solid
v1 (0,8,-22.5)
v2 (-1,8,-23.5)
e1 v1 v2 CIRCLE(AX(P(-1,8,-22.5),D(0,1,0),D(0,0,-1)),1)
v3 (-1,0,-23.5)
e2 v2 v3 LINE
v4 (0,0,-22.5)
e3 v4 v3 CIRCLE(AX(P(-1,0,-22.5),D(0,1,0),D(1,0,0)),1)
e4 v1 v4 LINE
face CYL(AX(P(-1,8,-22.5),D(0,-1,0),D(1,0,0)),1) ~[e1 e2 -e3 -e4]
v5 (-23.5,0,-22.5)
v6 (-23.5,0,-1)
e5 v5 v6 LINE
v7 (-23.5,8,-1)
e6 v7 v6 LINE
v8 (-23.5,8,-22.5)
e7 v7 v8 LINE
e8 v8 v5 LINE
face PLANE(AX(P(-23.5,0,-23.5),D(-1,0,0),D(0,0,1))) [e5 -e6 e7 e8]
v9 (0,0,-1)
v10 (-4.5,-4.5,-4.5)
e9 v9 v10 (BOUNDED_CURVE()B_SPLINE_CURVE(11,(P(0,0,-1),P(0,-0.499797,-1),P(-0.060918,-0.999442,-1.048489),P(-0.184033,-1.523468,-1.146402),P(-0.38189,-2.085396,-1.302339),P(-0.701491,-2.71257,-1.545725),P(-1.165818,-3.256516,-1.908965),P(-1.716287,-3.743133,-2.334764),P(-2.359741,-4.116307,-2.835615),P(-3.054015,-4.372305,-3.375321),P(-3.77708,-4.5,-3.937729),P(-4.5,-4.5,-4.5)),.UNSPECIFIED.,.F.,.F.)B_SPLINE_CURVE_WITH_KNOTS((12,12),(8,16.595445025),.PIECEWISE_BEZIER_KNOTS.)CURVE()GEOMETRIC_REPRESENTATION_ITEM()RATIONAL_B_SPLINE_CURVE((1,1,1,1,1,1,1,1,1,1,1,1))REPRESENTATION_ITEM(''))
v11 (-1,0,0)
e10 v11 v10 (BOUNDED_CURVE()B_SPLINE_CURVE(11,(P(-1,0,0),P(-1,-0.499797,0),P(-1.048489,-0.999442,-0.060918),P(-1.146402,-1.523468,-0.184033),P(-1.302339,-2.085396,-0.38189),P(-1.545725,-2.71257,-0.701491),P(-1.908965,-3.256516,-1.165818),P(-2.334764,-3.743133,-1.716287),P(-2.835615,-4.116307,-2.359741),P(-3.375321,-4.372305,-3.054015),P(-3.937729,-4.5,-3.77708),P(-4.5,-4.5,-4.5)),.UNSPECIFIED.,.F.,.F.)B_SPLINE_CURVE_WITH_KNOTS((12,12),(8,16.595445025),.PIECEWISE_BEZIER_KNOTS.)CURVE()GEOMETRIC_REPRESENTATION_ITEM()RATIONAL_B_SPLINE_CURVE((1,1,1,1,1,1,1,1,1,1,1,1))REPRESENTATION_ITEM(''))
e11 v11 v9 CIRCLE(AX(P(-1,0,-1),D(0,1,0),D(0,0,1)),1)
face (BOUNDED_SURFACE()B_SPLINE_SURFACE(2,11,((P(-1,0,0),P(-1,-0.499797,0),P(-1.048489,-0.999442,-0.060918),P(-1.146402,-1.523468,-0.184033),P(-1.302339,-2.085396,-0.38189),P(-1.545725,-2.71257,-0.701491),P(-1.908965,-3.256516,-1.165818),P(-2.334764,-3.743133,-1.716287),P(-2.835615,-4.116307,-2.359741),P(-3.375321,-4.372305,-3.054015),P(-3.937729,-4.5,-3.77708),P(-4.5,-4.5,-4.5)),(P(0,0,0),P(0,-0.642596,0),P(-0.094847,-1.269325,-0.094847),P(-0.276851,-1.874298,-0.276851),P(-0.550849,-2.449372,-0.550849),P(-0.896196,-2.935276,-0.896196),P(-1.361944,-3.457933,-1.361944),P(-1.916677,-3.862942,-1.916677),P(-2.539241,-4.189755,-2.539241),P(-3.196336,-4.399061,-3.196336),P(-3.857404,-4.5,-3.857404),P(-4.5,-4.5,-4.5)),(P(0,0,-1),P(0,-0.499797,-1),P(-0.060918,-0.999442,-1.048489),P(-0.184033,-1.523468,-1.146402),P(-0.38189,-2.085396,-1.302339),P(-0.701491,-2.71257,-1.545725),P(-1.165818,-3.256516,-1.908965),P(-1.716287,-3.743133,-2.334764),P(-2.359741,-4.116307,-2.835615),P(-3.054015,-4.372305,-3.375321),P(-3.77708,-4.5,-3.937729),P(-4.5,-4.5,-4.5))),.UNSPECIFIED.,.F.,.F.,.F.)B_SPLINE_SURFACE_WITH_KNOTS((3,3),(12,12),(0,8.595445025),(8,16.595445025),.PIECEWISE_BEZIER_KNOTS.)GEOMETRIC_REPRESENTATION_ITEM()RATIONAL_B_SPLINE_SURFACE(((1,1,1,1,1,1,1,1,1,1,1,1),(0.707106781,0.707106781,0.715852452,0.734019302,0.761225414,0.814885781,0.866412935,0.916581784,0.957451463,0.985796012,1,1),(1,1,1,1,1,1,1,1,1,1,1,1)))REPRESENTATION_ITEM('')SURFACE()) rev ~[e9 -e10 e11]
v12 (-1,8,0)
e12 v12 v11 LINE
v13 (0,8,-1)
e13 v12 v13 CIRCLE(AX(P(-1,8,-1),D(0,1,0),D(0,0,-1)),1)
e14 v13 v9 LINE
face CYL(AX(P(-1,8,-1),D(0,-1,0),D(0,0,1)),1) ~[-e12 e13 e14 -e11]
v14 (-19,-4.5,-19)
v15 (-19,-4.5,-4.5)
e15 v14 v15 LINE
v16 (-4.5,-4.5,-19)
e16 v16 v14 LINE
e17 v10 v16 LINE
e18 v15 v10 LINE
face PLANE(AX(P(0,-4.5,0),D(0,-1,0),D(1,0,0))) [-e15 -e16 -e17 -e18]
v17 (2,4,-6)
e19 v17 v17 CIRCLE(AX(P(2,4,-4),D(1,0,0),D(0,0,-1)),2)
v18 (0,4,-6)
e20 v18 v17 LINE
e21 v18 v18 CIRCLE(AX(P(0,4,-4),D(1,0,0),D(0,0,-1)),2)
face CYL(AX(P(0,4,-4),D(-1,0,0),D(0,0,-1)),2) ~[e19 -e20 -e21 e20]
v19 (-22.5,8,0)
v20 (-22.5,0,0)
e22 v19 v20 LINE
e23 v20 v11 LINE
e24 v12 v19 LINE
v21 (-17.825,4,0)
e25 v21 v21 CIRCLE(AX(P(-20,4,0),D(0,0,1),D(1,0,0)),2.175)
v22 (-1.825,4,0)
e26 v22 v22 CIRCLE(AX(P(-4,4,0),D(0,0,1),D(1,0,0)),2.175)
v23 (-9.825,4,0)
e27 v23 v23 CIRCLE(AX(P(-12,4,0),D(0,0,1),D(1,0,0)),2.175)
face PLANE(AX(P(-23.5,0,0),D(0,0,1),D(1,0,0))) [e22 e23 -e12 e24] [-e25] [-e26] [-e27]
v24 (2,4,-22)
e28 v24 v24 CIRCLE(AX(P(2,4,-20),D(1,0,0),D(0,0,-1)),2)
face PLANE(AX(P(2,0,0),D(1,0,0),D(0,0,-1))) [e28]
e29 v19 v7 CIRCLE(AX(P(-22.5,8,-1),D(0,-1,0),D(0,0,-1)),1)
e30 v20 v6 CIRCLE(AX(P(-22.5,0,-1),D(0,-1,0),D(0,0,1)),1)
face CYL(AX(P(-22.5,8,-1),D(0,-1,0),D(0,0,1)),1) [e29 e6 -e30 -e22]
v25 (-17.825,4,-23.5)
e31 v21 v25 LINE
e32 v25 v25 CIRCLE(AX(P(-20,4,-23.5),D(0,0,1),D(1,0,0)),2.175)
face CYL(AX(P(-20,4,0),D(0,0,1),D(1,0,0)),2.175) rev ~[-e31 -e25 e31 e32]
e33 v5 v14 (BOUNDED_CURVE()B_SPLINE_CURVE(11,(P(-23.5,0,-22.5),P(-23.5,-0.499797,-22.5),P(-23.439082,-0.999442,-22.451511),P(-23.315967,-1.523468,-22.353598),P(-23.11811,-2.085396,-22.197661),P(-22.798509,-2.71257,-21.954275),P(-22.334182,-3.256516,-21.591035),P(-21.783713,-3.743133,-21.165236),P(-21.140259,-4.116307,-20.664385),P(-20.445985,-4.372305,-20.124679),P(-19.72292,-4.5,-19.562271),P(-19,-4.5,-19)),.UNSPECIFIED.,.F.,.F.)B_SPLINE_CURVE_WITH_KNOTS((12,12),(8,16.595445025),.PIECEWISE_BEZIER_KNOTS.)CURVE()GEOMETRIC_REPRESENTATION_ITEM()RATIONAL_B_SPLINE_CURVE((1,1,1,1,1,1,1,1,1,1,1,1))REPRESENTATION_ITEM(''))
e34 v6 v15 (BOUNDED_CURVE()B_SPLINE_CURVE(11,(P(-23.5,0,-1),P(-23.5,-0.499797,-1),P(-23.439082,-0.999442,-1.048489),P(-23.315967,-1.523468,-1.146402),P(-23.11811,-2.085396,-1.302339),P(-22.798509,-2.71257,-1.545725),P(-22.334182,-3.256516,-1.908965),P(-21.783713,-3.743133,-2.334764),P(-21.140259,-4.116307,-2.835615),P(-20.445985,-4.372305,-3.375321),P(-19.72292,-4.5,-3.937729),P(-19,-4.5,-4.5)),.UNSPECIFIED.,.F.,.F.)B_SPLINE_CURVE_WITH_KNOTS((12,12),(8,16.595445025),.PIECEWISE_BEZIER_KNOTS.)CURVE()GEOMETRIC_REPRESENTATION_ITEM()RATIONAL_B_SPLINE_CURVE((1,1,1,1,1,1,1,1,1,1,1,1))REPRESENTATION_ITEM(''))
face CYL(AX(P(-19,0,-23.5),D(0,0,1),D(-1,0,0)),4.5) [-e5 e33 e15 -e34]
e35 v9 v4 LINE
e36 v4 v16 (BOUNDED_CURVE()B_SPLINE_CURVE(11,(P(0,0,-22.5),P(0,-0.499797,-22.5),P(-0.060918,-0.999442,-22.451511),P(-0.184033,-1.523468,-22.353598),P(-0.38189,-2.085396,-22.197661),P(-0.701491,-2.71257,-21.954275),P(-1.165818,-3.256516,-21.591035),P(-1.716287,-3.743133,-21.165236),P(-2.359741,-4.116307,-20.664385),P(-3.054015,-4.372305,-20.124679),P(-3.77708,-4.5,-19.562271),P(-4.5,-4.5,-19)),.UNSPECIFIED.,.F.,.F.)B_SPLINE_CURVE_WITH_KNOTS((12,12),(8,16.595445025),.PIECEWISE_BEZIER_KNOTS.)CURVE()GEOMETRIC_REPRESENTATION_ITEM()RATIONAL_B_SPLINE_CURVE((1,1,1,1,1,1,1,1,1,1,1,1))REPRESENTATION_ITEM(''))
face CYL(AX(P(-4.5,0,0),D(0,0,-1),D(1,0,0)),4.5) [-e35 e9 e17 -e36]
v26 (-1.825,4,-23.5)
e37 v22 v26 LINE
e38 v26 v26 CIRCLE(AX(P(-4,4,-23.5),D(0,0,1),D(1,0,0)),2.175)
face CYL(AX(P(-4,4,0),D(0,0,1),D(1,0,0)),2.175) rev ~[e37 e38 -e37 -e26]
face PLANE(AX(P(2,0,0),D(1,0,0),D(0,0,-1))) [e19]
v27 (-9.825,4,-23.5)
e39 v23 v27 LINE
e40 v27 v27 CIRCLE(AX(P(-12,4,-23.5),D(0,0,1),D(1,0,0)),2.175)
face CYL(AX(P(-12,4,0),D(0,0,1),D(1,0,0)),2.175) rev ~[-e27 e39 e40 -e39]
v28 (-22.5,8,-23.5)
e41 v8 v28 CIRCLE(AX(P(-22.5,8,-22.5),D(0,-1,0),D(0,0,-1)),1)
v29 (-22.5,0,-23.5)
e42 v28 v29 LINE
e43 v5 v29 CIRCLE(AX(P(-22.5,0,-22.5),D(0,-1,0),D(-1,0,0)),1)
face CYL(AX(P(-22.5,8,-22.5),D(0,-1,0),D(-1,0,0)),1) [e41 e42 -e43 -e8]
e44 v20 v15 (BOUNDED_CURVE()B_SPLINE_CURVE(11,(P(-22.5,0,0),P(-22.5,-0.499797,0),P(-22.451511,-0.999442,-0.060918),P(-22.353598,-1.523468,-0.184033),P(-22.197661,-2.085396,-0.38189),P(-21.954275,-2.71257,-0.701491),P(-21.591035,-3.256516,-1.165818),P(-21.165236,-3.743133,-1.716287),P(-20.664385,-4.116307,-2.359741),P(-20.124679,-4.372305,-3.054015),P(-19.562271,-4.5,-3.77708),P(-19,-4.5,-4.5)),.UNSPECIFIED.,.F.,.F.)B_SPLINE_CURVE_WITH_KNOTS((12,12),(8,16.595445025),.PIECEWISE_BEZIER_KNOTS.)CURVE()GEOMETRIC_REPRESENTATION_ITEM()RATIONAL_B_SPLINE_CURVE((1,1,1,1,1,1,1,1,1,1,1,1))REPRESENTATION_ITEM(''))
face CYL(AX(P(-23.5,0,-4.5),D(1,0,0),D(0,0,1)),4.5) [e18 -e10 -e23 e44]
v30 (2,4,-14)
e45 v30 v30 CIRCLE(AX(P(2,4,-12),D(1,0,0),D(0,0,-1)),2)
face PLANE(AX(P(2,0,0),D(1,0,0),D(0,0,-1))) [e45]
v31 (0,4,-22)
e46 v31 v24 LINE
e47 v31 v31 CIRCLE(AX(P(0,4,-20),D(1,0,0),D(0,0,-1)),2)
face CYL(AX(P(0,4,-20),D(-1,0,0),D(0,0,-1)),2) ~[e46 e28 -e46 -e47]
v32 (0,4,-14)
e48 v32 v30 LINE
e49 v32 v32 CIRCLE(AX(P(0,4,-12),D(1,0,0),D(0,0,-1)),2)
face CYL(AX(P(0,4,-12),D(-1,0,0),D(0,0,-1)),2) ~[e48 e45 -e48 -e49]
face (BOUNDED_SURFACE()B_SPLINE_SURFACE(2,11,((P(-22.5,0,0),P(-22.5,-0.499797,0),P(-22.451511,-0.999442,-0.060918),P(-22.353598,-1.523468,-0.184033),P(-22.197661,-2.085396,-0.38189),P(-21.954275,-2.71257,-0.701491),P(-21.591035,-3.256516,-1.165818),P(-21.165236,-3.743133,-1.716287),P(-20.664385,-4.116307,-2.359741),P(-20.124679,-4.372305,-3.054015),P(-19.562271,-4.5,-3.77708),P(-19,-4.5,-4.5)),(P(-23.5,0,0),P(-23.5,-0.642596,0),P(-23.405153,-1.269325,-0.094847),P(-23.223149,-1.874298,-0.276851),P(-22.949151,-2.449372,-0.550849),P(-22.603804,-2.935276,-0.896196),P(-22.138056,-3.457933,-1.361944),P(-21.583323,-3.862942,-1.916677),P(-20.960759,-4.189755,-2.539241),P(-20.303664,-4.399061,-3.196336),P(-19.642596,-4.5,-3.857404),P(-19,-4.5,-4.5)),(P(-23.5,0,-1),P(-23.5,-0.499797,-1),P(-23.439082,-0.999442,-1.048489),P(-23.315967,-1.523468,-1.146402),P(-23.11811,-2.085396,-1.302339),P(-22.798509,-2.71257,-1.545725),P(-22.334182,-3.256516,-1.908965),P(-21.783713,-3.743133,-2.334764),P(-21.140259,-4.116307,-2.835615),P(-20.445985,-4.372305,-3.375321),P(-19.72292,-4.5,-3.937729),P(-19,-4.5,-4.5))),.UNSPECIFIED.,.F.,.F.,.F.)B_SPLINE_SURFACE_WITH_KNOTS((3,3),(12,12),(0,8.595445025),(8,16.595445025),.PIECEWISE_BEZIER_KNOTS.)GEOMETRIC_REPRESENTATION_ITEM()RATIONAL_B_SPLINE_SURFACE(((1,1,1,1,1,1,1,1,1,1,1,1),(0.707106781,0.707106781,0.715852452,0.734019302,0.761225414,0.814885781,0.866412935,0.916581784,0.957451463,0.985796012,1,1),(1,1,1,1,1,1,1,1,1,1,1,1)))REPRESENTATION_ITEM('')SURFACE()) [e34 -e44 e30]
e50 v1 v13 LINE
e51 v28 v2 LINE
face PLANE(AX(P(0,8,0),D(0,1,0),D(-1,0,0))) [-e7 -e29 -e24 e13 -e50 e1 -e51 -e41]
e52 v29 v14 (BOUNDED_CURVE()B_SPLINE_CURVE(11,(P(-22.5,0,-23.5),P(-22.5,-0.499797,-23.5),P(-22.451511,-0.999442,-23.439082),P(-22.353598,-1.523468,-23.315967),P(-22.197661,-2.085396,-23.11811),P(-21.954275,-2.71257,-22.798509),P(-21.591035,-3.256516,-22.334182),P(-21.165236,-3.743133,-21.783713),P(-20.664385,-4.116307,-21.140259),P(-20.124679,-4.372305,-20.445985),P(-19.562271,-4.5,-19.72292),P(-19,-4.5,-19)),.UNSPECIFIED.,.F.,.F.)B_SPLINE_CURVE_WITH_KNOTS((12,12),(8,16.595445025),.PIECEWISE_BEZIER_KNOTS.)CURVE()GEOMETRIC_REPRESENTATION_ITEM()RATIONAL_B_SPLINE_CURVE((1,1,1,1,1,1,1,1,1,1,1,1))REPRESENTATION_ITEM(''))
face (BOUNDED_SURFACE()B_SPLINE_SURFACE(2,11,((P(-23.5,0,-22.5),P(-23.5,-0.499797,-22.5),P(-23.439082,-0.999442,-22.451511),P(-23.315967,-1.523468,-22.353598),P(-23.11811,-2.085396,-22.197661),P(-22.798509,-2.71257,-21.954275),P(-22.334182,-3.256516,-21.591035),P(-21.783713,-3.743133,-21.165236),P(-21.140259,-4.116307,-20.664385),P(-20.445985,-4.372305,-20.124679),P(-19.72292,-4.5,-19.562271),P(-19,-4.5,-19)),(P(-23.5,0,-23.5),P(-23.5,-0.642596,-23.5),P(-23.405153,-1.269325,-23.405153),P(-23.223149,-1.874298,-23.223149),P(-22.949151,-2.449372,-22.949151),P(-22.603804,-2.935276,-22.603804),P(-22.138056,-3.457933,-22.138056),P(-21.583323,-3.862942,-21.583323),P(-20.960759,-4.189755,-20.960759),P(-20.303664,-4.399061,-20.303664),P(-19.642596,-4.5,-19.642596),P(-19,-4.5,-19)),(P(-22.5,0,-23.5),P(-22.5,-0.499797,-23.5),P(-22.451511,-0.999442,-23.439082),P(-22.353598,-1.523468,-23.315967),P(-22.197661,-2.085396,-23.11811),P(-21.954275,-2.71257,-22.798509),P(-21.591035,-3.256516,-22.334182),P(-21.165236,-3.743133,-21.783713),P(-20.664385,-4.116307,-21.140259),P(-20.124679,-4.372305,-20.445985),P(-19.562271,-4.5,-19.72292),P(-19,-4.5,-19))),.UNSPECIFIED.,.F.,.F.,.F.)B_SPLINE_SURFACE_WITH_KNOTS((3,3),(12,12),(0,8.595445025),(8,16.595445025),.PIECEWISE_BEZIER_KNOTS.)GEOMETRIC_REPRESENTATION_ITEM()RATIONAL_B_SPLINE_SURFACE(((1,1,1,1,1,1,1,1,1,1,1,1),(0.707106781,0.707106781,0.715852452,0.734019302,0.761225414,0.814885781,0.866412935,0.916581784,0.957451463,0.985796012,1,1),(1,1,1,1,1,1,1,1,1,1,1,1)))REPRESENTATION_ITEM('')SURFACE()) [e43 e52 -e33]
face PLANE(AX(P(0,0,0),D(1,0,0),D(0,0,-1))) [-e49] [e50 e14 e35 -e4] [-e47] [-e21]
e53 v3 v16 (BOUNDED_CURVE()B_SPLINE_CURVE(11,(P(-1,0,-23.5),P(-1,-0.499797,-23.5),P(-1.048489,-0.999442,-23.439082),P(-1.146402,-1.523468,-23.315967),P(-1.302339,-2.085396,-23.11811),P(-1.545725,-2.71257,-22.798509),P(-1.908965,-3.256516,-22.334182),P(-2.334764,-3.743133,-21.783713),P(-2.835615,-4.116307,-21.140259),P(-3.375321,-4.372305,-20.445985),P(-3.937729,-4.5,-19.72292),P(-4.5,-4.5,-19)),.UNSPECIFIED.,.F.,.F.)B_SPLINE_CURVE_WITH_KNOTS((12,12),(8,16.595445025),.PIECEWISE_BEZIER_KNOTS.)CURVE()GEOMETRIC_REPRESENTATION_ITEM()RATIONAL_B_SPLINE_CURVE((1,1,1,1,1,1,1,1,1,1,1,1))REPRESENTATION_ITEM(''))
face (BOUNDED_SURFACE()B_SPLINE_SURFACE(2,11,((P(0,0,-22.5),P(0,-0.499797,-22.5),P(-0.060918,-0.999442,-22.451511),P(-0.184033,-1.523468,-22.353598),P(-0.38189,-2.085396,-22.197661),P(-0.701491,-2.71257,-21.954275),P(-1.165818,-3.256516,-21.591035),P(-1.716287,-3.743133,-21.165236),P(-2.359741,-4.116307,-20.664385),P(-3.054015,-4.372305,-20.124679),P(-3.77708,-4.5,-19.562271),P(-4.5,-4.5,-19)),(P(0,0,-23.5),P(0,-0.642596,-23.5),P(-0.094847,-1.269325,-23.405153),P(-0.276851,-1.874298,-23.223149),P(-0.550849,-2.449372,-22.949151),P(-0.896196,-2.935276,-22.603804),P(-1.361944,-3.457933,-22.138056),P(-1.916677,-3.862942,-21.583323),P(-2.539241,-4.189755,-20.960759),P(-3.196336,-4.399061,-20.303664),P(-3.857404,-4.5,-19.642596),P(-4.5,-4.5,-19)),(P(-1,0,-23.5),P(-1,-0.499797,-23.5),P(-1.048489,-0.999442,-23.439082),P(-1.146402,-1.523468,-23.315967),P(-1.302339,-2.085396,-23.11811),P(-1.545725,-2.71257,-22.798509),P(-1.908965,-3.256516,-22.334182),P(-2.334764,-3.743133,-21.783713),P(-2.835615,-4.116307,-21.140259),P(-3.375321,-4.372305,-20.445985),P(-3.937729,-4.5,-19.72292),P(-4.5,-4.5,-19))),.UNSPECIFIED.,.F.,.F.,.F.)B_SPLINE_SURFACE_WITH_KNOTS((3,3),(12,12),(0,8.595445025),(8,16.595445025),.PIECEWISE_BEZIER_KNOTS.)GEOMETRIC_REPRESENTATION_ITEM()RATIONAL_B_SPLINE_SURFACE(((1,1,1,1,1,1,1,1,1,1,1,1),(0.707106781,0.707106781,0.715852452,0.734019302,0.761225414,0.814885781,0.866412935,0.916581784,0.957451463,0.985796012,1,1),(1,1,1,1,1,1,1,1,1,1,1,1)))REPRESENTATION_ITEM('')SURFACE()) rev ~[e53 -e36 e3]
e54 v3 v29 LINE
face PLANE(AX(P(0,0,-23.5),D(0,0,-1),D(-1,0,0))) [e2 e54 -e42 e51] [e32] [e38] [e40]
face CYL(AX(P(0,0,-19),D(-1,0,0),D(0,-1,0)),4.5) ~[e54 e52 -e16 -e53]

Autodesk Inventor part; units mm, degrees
ref_plane "YZ Plane" through (0, 0, 0) normal (1, 0, 0) x (0, 1, 0)
ref_plane "XZ Plane" through (0, 0, 0) normal (0, 1, 0) x (-1, 0, 0)
ref_plane "XY Plane" through (0, 0, 0) normal (0, 0, 1) x (1, 0, 0)
sketch "Sketch1" plane through (0, 0, 0) normal (0, 1, 0) x (-1, 0, 0)
  line L0 (0, 0) -> (23.5, 0)
  line L1 (23.5, 0) -> (23.5, -23.5)
  line L2 (23.5, -23.5) -> (0, -23.5)
  line L3 (0, -23.5) -> (0, 0)
  dimension "d0" = 23.5
  dimension "d1" = 23.5
extrude "Extrusion1" add sketch "Sketch1" along normal blind 8
sketch "Sketch2" plane through (0, 0, 0) normal (1, 0, 0) x (0, 0, -1)
  circle A0 centre (4, 4) radius 2
  circle A1 centre (12, 4) radius 2
  circle A2 centre (20, 4) radius 2
  line L0 (0, 0) -> (0, 8) projected
  point P0 (0, 4)
  dimension "d4" = 4
  dimension "d5" = 4
  dimension "d6" = 4
  dimension "d7" = 4
  dimension "d8" = 8
  dimension "d9" = 8
extrude "Extrusion2" add sketch "Sketch2" along normal blind 2
sketch "Sketch3" plane through (-23.5, 0, 0) normal (0, 0, 1) x (1, 0, 0)
  circle A0 centre (19.5, 4) radius 2.175
  circle A1 centre (11.5, 4) radius 2.175
  circle A2 centre (3.5, 4) radius 2.175
  line L0 (23.5, 0) -> (23.5, 8) projected
  dimension "d12" = 4.35
  dimension "d13" = 4.35
  dimension "d14" = 4.35
  dimension "d15" = 4
  dimension "d16" = 8
  dimension "d17" = 8
extrude "Extrusion3" cut sketch "Sketch3" against normal blind 27
sketch "Sketch6" plane through (0, 0, 0) normal (0, -1, 0) x (1, 0, 0)
  line L0 (-23.5, 0) -> (0, 0) projected
  line L1 (0, -23.5) -> (-23.5, -23.5) projected
  line L2 (-23.5, 0) -> (0, 0)
  line L3 (0, 0) -> (0, -23.5)
  line L4 (0, -23.5) -> (-23.5, -23.5)
  line L5 (-23.5, -23.5) -> (-23.5, 0)
extrude "Extrusion5" add sketch "Sketch6" along normal blind 4.5
fillet "Fillet1" radius 4.5 4 edges at (-11.75, -4.5, 0) (0, -4.5, -11.75) (-11.75, -4.5, -23.5) (-23.5, -4.5, -11.75)
fillet "Fillet2" radius 1 8 edges at (-1.318, -3.182, -1.318) (0, 4, 0) (-1.318, -3.182, -22.182) (0, 4, -23.5) (-23.5, 4, -23.5) (-22.182, -3.182, -22.182) (-23.5, 4, 0) (-22.182, -3.182, -1.318)
properties part number "base_support"
